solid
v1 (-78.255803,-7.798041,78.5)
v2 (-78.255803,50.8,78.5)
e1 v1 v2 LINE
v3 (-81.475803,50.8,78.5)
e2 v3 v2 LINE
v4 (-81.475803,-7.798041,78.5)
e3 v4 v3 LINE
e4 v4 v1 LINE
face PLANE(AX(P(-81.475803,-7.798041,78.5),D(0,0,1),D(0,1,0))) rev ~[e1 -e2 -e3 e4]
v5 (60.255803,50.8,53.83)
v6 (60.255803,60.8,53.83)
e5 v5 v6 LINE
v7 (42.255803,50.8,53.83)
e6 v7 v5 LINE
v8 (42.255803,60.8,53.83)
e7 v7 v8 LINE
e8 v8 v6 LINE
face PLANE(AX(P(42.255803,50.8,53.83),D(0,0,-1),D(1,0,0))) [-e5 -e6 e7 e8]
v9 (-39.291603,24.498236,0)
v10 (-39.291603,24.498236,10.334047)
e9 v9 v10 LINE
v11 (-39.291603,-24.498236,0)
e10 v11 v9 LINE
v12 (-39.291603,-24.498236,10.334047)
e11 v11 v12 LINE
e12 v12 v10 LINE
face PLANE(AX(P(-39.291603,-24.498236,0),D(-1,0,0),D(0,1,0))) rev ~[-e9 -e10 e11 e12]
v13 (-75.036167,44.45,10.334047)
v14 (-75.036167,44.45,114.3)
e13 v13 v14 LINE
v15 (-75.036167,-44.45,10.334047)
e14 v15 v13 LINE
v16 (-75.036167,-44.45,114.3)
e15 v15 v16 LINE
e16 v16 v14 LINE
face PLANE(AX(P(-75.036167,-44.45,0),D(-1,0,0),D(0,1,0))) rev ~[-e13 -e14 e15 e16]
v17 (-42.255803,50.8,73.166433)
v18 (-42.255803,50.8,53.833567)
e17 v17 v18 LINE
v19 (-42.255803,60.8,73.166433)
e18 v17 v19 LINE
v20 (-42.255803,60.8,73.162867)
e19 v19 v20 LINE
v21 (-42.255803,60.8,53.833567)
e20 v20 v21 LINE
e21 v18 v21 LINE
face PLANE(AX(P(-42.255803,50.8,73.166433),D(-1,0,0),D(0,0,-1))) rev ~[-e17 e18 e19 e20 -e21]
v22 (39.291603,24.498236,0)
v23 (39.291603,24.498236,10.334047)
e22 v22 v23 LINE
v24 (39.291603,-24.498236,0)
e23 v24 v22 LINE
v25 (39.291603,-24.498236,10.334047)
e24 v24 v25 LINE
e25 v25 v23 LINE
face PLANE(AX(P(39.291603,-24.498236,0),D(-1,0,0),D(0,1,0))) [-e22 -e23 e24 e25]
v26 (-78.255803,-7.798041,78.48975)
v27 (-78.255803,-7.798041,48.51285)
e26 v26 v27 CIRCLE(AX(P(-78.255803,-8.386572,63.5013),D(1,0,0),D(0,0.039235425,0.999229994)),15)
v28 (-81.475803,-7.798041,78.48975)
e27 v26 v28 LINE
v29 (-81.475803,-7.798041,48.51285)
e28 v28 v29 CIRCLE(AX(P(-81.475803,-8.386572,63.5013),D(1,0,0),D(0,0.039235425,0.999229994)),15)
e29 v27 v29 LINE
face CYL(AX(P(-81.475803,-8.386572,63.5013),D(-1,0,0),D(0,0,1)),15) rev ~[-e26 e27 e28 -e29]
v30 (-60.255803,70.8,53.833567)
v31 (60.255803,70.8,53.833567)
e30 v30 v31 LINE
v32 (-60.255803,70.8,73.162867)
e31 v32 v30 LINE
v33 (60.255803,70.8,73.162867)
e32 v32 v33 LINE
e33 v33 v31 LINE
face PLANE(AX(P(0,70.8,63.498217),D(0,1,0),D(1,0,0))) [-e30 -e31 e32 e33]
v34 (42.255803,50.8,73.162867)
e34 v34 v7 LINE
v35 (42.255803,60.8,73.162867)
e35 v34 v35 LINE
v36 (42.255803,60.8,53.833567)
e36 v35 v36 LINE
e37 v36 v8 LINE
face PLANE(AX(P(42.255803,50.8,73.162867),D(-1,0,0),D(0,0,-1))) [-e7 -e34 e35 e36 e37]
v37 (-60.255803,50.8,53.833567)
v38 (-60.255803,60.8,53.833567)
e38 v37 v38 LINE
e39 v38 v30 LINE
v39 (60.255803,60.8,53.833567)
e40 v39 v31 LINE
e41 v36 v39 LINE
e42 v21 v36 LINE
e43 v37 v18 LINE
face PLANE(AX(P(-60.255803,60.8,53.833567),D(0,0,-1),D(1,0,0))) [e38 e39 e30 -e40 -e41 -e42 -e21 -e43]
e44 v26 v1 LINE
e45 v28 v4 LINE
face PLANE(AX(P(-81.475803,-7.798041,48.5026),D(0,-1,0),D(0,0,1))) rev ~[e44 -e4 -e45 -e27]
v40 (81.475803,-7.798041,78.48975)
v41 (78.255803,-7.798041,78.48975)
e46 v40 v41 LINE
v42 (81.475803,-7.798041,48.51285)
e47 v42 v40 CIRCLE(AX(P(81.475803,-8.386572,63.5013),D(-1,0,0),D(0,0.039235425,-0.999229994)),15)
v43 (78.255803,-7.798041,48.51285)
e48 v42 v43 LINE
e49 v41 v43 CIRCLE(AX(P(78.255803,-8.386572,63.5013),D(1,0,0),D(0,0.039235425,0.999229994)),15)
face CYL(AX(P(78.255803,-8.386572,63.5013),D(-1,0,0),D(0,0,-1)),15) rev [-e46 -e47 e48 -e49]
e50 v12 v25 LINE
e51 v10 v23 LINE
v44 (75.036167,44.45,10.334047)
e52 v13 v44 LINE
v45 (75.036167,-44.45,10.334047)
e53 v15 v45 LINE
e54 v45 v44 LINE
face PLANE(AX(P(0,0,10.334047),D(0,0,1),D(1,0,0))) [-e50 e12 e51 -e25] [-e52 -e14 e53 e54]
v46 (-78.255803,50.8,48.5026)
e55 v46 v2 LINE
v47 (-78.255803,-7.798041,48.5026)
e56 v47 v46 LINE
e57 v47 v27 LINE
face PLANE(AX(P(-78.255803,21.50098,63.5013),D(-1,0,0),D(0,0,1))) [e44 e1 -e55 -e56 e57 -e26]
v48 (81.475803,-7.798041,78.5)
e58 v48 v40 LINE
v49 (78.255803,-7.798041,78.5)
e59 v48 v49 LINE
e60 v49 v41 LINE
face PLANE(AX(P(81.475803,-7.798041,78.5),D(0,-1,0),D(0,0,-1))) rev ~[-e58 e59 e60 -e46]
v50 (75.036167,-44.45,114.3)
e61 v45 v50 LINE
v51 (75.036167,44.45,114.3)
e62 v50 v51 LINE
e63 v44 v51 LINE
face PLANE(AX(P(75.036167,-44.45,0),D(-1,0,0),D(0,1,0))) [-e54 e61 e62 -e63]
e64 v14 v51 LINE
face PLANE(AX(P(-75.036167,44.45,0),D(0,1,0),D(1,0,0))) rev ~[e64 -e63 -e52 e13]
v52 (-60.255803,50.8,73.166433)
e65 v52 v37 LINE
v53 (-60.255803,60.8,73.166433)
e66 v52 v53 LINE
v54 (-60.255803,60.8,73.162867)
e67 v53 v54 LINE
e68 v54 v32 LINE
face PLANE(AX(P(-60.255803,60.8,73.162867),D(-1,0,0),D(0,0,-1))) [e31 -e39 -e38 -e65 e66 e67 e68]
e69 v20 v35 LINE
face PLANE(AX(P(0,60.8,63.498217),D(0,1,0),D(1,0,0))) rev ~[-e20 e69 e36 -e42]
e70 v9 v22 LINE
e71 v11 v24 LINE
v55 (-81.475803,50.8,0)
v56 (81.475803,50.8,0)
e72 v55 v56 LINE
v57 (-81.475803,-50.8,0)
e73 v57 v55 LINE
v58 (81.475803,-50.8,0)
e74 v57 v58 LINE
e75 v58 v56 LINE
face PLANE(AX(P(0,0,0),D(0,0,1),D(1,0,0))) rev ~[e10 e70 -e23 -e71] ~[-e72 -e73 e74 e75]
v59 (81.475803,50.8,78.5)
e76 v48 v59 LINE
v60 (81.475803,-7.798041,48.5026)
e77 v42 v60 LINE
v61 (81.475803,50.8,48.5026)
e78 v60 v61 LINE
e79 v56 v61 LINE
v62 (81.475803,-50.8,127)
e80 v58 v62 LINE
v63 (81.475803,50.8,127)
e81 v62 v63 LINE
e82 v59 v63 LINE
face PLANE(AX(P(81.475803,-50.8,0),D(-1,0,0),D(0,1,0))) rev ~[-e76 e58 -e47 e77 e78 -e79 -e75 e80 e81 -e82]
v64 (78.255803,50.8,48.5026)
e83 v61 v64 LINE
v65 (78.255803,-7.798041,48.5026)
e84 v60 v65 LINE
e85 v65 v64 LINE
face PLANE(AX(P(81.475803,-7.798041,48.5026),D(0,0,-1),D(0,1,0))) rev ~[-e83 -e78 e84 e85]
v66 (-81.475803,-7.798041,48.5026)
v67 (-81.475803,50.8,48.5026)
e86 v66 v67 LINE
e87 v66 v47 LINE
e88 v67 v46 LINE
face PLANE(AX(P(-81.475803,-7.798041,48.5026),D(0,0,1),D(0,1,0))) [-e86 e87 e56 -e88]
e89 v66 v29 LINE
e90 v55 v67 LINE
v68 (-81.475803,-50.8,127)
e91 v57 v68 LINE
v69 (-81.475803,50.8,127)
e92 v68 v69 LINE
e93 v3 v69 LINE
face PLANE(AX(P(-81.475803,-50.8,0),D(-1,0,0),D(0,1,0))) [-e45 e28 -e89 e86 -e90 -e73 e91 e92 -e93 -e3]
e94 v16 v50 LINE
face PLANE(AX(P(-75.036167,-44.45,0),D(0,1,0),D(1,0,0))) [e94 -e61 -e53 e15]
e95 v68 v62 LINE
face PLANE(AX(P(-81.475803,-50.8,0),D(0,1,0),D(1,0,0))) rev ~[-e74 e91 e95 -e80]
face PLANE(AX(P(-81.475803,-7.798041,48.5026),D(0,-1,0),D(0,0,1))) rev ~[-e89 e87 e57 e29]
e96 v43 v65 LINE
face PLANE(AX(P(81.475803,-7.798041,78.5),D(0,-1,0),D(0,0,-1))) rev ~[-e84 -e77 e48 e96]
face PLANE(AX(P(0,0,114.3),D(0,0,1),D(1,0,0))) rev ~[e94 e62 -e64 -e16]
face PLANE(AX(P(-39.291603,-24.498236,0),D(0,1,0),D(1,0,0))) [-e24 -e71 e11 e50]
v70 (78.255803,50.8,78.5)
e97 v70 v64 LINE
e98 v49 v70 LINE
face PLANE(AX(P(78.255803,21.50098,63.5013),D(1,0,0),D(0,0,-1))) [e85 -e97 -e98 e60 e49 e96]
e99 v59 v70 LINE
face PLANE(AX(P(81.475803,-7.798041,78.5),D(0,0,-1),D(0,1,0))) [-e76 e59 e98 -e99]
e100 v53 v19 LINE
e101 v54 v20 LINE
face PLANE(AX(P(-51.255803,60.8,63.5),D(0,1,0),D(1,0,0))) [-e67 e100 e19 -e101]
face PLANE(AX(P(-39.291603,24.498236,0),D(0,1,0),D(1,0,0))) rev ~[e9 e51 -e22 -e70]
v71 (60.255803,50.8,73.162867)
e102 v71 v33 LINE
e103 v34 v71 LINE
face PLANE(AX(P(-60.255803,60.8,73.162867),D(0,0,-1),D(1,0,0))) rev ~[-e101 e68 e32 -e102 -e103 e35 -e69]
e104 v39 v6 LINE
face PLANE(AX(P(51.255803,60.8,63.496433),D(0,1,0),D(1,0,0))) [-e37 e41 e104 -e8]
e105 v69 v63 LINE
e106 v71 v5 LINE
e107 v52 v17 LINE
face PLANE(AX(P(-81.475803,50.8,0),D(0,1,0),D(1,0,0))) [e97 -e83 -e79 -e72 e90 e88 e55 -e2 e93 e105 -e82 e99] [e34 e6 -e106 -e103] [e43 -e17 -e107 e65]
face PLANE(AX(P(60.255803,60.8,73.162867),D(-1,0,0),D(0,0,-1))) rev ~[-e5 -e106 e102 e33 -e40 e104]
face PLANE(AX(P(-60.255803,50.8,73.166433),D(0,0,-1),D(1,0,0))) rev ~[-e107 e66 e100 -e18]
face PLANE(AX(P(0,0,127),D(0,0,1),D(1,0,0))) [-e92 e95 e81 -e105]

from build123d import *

# Parameters (mm, degrees)
SKETCH2_W           = 162.951605996
SKETCH2_H           = 101.6
BOSS_EXTRUDE1_DEPTH = 127
SKETCH6_W           = 150.072334712
SKETCH6_H           = 88.9
CUT_EXTRUDE1_DEPTH  = 114.3
SKETCH14_W          = 29.9974
SKETCH14_H          = 58.598040667
CUT_EXTRUDE2_DEPTH  = 3.22
SKETCH15_R          = 15
CUT_EXTRUDE3_DEPTH  = 3.22
SKETCH17_W          = 29.9974
SKETCH17_H          = 58.598040667
CUT_EXTRUDE4_DEPTH  = 3.22
CUT_EXTRUDE5_START  = -3.22
SKETCH18_R          = 15
CUT_EXTRUDE5_DEPTH  = 3.22
SKETCH19_W          = 18
SKETCH19_H          = 19.33286688
SKETCH19_H_2        = 19.332866873
BOSS_EXTRUDE2_DEPTH = 10
SKETCH20_W          = 120.511605996
SKETCH20_H          = 19.329300313
BOSS_EXTRUDE3_DEPTH = 10
SKETCH28_W          = 150.072334712
SKETCH28_H          = 88.9
BOSS_EXTRUDE5_DEPTH = 10.33404711
SKETCH29_W          = 78.5832061
SKETCH29_H          = 48.996471626
CUT_EXTRUDE6_DEPTH  = 10.33404711


with BuildPart() as part:
    # Sketch2 → Boss-Extrude1 (new body)
    with BuildSketch(Plane.XY):
        Rectangle(SKETCH2_W, SKETCH2_H)
    extrude(amount=BOSS_EXTRUDE1_DEPTH)

    # Sketch6 → Cut-Extrude1 (cut)
    with BuildSketch(Plane.XY):
        Rectangle(SKETCH6_W, SKETCH6_H)
    extrude(amount=CUT_EXTRUDE1_DEPTH, mode=Mode.SUBTRACT)

    # Sketch14 → Cut-Extrude2 (cut)
    with BuildSketch(Plane.ZY.offset(81.475802998)):
        with Locations((63.5013, 21.500979667)):
            Rectangle(SKETCH14_W, SKETCH14_H)
    extrude(amount=-CUT_EXTRUDE2_DEPTH, mode=Mode.SUBTRACT)

    # Sketch15 → Cut-Extrude3 (cut)
    with BuildSketch(Plane.ZY.offset(81.475802998)):
        with Locations((63.5013, -8.386572038)):
            Circle(SKETCH15_R)
    extrude(amount=-CUT_EXTRUDE3_DEPTH, mode=Mode.SUBTRACT)

    # Sketch17 → Cut-Extrude4 (cut)
    with BuildSketch(Plane(origin=(81.475802998, 0, 0), x_dir=(0, 0, -1), z_dir=(1, 0, 0))):
        with Locations((-63.5013, 21.500979667)):
            Rectangle(SKETCH17_W, SKETCH17_H)
    extrude(amount=-CUT_EXTRUDE4_DEPTH, mode=Mode.SUBTRACT)

    # Sketch18 → Cut-Extrude5 (cut)
    with BuildSketch(Plane(origin=(81.475802998, 0, 0), x_dir=(0, 0, -1), z_dir=(1, 0, 0)).offset(CUT_EXTRUDE5_START)):
        with Locations((-63.5013, -8.386572038)):
            Circle(SKETCH18_R)
    extrude(amount=CUT_EXTRUDE5_DEPTH, mode=Mode.SUBTRACT)

    # Sketch19 → Boss-Extrude2 (add)
    with BuildSketch(Plane(origin=(0, 50.8, 0), x_dir=(1, 0, 0), z_dir=(0, 1, 0))):
        with Locations((-51.255802998, -63.5)):
            Rectangle(SKETCH19_W, SKETCH19_H)
        with Locations((51.255802998, -63.496433436)):
            Rectangle(SKETCH19_W, SKETCH19_H_2)
    extrude(amount=BOSS_EXTRUDE2_DEPTH)

    # Sketch20 → Boss-Extrude3 (add)
    with BuildSketch(Plane(origin=(0, 60.8, 0), x_dir=(1, 0, 0), z_dir=(0, 1, 0))):
        with Locations((0, -63.498216716)):
            Rectangle(SKETCH20_W, SKETCH20_H)
    extrude(amount=BOSS_EXTRUDE3_DEPTH)

    # Sketch28 → Boss-Extrude5 (add)
    with BuildSketch(Plane.XY):
        Rectangle(SKETCH28_W, SKETCH28_H)
    extrude(amount=BOSS_EXTRUDE5_DEPTH)

    # Sketch29 → Cut-Extrude6 (cut)
    with BuildSketch(Plane.XY):
        Rectangle(SKETCH29_W, SKETCH29_H)
    extrude(amount=CUT_EXTRUDE6_DEPTH, mode=Mode.SUBTRACT)


solid = part.part
